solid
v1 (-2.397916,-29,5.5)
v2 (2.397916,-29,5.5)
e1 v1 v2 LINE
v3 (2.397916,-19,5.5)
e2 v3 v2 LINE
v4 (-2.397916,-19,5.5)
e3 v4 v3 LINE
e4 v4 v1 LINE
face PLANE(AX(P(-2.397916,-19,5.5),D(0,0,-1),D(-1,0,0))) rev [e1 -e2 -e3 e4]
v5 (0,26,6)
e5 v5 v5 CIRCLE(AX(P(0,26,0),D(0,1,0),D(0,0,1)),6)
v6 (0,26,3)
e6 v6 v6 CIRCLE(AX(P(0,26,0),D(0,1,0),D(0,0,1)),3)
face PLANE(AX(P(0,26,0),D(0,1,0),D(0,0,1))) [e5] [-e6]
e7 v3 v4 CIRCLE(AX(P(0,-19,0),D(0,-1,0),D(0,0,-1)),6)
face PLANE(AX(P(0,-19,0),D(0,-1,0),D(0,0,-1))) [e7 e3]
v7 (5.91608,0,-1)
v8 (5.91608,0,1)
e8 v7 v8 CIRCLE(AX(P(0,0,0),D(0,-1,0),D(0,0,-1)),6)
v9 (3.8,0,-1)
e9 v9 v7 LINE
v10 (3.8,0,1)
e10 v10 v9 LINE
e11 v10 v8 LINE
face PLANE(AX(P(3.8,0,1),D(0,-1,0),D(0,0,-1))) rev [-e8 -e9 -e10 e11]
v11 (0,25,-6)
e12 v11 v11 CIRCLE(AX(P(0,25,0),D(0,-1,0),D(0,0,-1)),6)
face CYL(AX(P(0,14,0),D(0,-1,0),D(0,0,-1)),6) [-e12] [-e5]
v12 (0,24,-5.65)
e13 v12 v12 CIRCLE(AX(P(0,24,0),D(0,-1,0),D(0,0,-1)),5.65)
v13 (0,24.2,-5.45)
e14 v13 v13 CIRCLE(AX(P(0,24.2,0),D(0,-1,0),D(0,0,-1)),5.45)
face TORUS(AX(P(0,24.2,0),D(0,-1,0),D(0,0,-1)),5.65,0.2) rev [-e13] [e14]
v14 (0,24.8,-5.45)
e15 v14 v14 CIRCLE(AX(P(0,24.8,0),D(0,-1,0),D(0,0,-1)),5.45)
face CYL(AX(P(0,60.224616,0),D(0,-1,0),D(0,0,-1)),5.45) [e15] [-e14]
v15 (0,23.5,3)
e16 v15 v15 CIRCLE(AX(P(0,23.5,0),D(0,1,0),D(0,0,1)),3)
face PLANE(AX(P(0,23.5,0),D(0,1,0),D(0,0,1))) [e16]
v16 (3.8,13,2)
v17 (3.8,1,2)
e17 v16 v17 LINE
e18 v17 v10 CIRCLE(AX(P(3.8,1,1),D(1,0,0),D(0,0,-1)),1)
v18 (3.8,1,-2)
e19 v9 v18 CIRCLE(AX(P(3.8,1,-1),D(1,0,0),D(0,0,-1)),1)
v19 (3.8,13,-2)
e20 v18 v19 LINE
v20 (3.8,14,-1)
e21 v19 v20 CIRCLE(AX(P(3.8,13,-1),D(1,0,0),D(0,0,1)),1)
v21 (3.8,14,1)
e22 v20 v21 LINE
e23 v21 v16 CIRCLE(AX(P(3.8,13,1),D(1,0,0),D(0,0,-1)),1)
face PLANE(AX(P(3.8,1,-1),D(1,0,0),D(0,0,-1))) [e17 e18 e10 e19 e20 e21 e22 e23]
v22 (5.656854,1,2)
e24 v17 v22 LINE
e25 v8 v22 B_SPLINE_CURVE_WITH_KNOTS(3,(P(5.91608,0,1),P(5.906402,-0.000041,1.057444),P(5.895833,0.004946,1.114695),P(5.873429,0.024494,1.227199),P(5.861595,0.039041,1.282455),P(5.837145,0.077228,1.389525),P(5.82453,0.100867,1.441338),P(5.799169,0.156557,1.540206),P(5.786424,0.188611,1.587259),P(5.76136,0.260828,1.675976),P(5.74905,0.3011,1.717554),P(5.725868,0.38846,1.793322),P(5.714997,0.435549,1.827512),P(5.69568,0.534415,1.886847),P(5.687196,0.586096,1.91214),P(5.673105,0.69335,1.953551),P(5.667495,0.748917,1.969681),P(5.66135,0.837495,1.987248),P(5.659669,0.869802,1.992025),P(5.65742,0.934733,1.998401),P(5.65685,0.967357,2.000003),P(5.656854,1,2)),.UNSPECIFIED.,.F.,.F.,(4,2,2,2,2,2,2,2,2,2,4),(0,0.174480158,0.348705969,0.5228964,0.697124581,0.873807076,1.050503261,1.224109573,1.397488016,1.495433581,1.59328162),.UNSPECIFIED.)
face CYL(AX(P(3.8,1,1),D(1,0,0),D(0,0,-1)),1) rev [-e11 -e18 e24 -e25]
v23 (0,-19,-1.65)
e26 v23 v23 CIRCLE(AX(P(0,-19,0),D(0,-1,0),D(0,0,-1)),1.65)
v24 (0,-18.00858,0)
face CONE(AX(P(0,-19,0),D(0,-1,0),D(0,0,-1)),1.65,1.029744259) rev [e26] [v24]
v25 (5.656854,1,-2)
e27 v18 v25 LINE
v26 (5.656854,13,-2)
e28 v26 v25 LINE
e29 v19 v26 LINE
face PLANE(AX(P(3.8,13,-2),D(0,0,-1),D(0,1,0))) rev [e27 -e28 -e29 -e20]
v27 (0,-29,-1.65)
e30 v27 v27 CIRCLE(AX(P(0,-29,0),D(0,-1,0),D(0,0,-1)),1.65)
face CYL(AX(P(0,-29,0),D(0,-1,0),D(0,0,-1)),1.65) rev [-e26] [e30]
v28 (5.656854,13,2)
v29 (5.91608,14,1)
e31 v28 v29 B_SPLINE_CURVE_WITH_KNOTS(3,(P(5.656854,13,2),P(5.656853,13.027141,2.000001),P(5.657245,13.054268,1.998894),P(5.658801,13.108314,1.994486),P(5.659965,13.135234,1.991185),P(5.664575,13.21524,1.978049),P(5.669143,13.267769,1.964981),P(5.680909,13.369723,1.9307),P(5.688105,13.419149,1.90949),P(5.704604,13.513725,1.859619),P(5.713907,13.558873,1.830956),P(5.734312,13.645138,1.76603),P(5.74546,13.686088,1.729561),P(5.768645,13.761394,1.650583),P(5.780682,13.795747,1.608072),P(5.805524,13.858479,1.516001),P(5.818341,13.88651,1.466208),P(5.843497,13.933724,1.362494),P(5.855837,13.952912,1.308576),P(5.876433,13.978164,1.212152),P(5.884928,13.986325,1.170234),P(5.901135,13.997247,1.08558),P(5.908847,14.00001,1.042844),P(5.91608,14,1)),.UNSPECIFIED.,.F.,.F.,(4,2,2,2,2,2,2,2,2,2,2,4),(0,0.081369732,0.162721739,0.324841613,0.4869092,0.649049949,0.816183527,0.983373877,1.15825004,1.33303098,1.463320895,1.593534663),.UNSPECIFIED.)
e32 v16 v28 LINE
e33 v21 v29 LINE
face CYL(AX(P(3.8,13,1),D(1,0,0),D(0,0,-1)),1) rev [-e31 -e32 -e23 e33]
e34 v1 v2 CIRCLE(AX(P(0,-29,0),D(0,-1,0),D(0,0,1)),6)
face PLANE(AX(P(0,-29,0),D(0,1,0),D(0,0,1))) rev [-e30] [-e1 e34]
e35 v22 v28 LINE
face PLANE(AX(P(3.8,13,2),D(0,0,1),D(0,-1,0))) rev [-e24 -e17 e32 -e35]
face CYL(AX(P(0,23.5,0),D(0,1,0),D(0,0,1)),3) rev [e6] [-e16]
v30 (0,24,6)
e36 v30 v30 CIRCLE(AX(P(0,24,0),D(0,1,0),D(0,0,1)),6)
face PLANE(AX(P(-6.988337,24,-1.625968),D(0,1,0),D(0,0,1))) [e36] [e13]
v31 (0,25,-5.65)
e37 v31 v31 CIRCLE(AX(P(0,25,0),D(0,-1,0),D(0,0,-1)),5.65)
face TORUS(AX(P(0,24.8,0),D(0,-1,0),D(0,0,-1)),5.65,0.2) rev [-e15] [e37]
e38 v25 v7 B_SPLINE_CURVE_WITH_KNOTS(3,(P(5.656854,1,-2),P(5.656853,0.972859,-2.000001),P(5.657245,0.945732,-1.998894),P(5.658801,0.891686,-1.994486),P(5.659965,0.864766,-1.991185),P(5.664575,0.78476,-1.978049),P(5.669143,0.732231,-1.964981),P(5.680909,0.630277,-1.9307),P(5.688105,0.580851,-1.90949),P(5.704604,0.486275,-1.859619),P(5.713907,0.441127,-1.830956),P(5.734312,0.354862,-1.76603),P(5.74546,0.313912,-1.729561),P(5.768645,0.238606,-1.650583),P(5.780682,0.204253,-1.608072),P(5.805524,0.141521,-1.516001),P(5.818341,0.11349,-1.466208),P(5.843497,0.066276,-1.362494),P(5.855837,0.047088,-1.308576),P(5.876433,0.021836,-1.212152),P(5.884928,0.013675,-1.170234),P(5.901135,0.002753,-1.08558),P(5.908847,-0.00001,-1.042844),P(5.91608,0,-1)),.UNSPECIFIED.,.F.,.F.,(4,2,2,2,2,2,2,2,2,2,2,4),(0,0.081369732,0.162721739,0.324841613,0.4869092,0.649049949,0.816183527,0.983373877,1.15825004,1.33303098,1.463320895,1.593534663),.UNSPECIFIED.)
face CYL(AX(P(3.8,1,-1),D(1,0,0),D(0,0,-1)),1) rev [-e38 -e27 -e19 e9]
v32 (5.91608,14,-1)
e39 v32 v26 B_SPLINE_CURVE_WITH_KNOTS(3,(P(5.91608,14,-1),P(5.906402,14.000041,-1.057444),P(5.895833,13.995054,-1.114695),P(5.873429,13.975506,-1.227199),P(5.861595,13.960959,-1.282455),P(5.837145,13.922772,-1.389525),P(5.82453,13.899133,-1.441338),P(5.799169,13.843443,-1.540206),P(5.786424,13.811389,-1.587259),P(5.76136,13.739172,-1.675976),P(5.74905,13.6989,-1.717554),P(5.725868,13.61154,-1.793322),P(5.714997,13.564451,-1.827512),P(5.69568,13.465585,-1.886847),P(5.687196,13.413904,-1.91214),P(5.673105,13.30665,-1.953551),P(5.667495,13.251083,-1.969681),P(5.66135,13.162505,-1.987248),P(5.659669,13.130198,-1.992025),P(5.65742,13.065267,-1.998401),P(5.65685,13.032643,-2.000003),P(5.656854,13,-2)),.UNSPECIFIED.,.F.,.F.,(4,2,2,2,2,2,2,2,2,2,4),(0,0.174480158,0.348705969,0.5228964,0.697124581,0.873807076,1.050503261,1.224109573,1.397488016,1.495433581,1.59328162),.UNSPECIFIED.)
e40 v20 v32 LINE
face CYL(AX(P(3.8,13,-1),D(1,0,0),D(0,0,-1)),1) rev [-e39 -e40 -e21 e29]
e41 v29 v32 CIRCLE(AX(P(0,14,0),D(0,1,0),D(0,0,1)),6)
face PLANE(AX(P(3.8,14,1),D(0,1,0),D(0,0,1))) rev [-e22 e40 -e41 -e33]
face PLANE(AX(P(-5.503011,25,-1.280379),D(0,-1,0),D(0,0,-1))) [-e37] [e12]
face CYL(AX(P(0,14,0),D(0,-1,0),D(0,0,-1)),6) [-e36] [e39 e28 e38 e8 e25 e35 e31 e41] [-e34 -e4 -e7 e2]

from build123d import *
from build123d.topology import SkipClean

# Parameters (mm, degrees)
BOSS_EXTRUDE1_DEPTH   = 14
SKETCH2_R             = 6
BOSS_EXTRUDE2_DEPTH   = 12
BOSS_EXTRUDE3_START   = 15
SKETCH3_R             = 6
BOSS_EXTRUDE3_DEPTH   = 15
CUT_EXTRUDE1_DEPTH    = 2.2
BOSS_EXTRUDE4_START   = 14
BOSS_EXTRUDE4_DEPTH   = 14
CUT_EXTRUDE2_DEPTH    = 10
SKETCH24_R            = 3
CUT_EXTRUDE3_DEPTH    = 2.5
M4_TAPPED_HOLE1_D     = 3.3
M4_TAPPED_HOLE1_DEPTH = 10
M4_TAPPED_HOLE1_TIP   = 0.991420021


with BuildPart() as part:
    # Sketch1 → Boss-Extrude1 (new body)
    with BuildSketch(Plane(origin=(0, 0, 0), x_dir=(1, 0, 0), z_dir=(0, 1, 0))):
        with BuildLine():
            ThreePointArc((5.656854249, 2), (-6, 0), (5.656854249, -2))
            ThreePointArc((5.656854249, -2), (6, 0), (5.656854249, 2))
        make_face()
    extrude(amount=BOSS_EXTRUDE1_DEPTH)

    # Sketch2 → Boss-Extrude2 (add)
    with BuildSketch(Plane(origin=(0, 14, 0), x_dir=(1, 0, 0), z_dir=(0, 1, 0))):
        with Locations(Location((0, 0, 0), (0, 0, 270))):
            Circle(SKETCH2_R)
    extrude(amount=BOSS_EXTRUDE2_DEPTH)

    # Sketch3 → Boss-Extrude3 (add)
    with BuildSketch(Plane.XZ.offset(BOSS_EXTRUDE3_START)):
        with Locations(Location((0, 0, 0), (0, 0, 270))):
            Circle(SKETCH3_R)
    extrude(amount=-BOSS_EXTRUDE3_DEPTH)

    # Groove Sketch → Retaining Ring Groove (revolve, cut)
    with BuildSketch(Plane(origin=(1.604252923, 12.182890291, 0.373259529), x_dir=(-0.9343262431877186, 0.2824476966643587, -0.2173885230174828), z_dir=(-0.2266157025474993, 0, 0.9739842521103221)), mode=Mode.PRIVATE) as retaining_ring_groove_sk:
        with BuildLine():
            Line((10.620148315, -10.234181518), (12.083054432, -9.80344878))
            Line((12.083054432, -9.80344878), (11.800606735, -8.84416608))
            Line((11.800606735, -8.84416608), (10.337700618, -9.274898818))
            ThreePointArc((10.337700618, -9.274898818), (10.21858296, -9.371036434), (10.202333617, -9.523244897))
            Line((10.202333617, -9.523244897), (10.371802235, -10.098814517))
            ThreePointArc((10.371802235, -10.098814517), (10.467939851, -10.217932175), (10.620148315, -10.234181518))
        make_face()
    revolve(retaining_ring_groove_sk.sketch.rotate(Axis((0, 60.224615576, 0), (0, -1, 0)), 76.902094509), axis=Axis((0, 60.224615576, 0), (0, -1, 0)), mode=Mode.SUBTRACT)

    # Sketch21 → Cut-Extrude1 (cut)
    with SkipClean():  # the faces are left unmerged after this step: merging them gives an invalid solid
        with BuildSketch(Plane(origin=(6, 0, 0), x_dir=(0, 0, -1), z_dir=(1, 0, 0))):
            with BuildLine():
                Line((-1, 14), (1, 14))
                ThreePointArc((1, 14), (1.707106781, 13.707106781), (2, 13))
                Line((2, 13), (2, 1))
                ThreePointArc((2, 1), (1.707106781, 0.292893219), (1, 0))
                Line((1, 0), (-1, 0))
                ThreePointArc((-1, 0), (-1.707106781, 0.292893219), (-2, 1))
                Line((-2, 1), (-2, 13))
                ThreePointArc((-2, 13), (-1.707106781, 13.707106781), (-1, 14))
            make_face()
        extrude(amount=-CUT_EXTRUDE1_DEPTH, mode=Mode.SUBTRACT)

    # Sketch22 → Boss-Extrude4 (add)
    with SkipClean():  # the faces are left unmerged after this step: merging them gives an invalid solid
        with BuildSketch(Plane.XZ.offset(15).offset(BOSS_EXTRUDE4_START)):
            with BuildLine():
                ThreePointArc((2.397915762, -5.5), (0, 6), (-2.397915762, -5.5))
                ThreePointArc((-2.397915762, -5.5), (0, -6), (2.397915762, -5.5))
            make_face()
        extrude(amount=-BOSS_EXTRUDE4_DEPTH)

    # Sketch23 → Cut-Extrude2 (cut)
    with SkipClean():  # the faces are left unmerged after this step: merging them gives an invalid solid
        with BuildSketch(Plane.XZ.offset(29)):
            with BuildLine():
                Line((-2.397915762, 5.5), (2.397915762, 5.5))
                ThreePointArc((2.397915762, 5.5), (0, 6), (-2.397915762, 5.5))
            make_face()
        extrude(amount=-CUT_EXTRUDE2_DEPTH, mode=Mode.SUBTRACT)

    # Sketch24 → Cut-Extrude3 (cut)
    with SkipClean():  # the faces are left unmerged after this step: merging them gives an invalid solid
        with BuildSketch(Plane(origin=(0, 26, 0), x_dir=(1, 0, 0), z_dir=(0, 1, 0))):
            with Locations(Location((0, 0, 0), (0, 0, 270))):
                Circle(SKETCH24_R)
        extrude(amount=-CUT_EXTRUDE3_DEPTH, mode=Mode.SUBTRACT)

    # M4 Tapped Hole1
    with Locations(Plane(origin=(0, -29, 0), x_dir=(-1, 0, 0), z_dir=(0, -1, 0))):
        with Locations((0, 0)):
            Hole(M4_TAPPED_HOLE1_D / 2, depth=M4_TAPPED_HOLE1_DEPTH)
            with Locations((0, 0, -(M4_TAPPED_HOLE1_DEPTH + M4_TAPPED_HOLE1_TIP / 2))):  # 118° drill point
                Cone(0, M4_TAPPED_HOLE1_D / 2, M4_TAPPED_HOLE1_TIP, mode=Mode.SUBTRACT)


solid = part.part
